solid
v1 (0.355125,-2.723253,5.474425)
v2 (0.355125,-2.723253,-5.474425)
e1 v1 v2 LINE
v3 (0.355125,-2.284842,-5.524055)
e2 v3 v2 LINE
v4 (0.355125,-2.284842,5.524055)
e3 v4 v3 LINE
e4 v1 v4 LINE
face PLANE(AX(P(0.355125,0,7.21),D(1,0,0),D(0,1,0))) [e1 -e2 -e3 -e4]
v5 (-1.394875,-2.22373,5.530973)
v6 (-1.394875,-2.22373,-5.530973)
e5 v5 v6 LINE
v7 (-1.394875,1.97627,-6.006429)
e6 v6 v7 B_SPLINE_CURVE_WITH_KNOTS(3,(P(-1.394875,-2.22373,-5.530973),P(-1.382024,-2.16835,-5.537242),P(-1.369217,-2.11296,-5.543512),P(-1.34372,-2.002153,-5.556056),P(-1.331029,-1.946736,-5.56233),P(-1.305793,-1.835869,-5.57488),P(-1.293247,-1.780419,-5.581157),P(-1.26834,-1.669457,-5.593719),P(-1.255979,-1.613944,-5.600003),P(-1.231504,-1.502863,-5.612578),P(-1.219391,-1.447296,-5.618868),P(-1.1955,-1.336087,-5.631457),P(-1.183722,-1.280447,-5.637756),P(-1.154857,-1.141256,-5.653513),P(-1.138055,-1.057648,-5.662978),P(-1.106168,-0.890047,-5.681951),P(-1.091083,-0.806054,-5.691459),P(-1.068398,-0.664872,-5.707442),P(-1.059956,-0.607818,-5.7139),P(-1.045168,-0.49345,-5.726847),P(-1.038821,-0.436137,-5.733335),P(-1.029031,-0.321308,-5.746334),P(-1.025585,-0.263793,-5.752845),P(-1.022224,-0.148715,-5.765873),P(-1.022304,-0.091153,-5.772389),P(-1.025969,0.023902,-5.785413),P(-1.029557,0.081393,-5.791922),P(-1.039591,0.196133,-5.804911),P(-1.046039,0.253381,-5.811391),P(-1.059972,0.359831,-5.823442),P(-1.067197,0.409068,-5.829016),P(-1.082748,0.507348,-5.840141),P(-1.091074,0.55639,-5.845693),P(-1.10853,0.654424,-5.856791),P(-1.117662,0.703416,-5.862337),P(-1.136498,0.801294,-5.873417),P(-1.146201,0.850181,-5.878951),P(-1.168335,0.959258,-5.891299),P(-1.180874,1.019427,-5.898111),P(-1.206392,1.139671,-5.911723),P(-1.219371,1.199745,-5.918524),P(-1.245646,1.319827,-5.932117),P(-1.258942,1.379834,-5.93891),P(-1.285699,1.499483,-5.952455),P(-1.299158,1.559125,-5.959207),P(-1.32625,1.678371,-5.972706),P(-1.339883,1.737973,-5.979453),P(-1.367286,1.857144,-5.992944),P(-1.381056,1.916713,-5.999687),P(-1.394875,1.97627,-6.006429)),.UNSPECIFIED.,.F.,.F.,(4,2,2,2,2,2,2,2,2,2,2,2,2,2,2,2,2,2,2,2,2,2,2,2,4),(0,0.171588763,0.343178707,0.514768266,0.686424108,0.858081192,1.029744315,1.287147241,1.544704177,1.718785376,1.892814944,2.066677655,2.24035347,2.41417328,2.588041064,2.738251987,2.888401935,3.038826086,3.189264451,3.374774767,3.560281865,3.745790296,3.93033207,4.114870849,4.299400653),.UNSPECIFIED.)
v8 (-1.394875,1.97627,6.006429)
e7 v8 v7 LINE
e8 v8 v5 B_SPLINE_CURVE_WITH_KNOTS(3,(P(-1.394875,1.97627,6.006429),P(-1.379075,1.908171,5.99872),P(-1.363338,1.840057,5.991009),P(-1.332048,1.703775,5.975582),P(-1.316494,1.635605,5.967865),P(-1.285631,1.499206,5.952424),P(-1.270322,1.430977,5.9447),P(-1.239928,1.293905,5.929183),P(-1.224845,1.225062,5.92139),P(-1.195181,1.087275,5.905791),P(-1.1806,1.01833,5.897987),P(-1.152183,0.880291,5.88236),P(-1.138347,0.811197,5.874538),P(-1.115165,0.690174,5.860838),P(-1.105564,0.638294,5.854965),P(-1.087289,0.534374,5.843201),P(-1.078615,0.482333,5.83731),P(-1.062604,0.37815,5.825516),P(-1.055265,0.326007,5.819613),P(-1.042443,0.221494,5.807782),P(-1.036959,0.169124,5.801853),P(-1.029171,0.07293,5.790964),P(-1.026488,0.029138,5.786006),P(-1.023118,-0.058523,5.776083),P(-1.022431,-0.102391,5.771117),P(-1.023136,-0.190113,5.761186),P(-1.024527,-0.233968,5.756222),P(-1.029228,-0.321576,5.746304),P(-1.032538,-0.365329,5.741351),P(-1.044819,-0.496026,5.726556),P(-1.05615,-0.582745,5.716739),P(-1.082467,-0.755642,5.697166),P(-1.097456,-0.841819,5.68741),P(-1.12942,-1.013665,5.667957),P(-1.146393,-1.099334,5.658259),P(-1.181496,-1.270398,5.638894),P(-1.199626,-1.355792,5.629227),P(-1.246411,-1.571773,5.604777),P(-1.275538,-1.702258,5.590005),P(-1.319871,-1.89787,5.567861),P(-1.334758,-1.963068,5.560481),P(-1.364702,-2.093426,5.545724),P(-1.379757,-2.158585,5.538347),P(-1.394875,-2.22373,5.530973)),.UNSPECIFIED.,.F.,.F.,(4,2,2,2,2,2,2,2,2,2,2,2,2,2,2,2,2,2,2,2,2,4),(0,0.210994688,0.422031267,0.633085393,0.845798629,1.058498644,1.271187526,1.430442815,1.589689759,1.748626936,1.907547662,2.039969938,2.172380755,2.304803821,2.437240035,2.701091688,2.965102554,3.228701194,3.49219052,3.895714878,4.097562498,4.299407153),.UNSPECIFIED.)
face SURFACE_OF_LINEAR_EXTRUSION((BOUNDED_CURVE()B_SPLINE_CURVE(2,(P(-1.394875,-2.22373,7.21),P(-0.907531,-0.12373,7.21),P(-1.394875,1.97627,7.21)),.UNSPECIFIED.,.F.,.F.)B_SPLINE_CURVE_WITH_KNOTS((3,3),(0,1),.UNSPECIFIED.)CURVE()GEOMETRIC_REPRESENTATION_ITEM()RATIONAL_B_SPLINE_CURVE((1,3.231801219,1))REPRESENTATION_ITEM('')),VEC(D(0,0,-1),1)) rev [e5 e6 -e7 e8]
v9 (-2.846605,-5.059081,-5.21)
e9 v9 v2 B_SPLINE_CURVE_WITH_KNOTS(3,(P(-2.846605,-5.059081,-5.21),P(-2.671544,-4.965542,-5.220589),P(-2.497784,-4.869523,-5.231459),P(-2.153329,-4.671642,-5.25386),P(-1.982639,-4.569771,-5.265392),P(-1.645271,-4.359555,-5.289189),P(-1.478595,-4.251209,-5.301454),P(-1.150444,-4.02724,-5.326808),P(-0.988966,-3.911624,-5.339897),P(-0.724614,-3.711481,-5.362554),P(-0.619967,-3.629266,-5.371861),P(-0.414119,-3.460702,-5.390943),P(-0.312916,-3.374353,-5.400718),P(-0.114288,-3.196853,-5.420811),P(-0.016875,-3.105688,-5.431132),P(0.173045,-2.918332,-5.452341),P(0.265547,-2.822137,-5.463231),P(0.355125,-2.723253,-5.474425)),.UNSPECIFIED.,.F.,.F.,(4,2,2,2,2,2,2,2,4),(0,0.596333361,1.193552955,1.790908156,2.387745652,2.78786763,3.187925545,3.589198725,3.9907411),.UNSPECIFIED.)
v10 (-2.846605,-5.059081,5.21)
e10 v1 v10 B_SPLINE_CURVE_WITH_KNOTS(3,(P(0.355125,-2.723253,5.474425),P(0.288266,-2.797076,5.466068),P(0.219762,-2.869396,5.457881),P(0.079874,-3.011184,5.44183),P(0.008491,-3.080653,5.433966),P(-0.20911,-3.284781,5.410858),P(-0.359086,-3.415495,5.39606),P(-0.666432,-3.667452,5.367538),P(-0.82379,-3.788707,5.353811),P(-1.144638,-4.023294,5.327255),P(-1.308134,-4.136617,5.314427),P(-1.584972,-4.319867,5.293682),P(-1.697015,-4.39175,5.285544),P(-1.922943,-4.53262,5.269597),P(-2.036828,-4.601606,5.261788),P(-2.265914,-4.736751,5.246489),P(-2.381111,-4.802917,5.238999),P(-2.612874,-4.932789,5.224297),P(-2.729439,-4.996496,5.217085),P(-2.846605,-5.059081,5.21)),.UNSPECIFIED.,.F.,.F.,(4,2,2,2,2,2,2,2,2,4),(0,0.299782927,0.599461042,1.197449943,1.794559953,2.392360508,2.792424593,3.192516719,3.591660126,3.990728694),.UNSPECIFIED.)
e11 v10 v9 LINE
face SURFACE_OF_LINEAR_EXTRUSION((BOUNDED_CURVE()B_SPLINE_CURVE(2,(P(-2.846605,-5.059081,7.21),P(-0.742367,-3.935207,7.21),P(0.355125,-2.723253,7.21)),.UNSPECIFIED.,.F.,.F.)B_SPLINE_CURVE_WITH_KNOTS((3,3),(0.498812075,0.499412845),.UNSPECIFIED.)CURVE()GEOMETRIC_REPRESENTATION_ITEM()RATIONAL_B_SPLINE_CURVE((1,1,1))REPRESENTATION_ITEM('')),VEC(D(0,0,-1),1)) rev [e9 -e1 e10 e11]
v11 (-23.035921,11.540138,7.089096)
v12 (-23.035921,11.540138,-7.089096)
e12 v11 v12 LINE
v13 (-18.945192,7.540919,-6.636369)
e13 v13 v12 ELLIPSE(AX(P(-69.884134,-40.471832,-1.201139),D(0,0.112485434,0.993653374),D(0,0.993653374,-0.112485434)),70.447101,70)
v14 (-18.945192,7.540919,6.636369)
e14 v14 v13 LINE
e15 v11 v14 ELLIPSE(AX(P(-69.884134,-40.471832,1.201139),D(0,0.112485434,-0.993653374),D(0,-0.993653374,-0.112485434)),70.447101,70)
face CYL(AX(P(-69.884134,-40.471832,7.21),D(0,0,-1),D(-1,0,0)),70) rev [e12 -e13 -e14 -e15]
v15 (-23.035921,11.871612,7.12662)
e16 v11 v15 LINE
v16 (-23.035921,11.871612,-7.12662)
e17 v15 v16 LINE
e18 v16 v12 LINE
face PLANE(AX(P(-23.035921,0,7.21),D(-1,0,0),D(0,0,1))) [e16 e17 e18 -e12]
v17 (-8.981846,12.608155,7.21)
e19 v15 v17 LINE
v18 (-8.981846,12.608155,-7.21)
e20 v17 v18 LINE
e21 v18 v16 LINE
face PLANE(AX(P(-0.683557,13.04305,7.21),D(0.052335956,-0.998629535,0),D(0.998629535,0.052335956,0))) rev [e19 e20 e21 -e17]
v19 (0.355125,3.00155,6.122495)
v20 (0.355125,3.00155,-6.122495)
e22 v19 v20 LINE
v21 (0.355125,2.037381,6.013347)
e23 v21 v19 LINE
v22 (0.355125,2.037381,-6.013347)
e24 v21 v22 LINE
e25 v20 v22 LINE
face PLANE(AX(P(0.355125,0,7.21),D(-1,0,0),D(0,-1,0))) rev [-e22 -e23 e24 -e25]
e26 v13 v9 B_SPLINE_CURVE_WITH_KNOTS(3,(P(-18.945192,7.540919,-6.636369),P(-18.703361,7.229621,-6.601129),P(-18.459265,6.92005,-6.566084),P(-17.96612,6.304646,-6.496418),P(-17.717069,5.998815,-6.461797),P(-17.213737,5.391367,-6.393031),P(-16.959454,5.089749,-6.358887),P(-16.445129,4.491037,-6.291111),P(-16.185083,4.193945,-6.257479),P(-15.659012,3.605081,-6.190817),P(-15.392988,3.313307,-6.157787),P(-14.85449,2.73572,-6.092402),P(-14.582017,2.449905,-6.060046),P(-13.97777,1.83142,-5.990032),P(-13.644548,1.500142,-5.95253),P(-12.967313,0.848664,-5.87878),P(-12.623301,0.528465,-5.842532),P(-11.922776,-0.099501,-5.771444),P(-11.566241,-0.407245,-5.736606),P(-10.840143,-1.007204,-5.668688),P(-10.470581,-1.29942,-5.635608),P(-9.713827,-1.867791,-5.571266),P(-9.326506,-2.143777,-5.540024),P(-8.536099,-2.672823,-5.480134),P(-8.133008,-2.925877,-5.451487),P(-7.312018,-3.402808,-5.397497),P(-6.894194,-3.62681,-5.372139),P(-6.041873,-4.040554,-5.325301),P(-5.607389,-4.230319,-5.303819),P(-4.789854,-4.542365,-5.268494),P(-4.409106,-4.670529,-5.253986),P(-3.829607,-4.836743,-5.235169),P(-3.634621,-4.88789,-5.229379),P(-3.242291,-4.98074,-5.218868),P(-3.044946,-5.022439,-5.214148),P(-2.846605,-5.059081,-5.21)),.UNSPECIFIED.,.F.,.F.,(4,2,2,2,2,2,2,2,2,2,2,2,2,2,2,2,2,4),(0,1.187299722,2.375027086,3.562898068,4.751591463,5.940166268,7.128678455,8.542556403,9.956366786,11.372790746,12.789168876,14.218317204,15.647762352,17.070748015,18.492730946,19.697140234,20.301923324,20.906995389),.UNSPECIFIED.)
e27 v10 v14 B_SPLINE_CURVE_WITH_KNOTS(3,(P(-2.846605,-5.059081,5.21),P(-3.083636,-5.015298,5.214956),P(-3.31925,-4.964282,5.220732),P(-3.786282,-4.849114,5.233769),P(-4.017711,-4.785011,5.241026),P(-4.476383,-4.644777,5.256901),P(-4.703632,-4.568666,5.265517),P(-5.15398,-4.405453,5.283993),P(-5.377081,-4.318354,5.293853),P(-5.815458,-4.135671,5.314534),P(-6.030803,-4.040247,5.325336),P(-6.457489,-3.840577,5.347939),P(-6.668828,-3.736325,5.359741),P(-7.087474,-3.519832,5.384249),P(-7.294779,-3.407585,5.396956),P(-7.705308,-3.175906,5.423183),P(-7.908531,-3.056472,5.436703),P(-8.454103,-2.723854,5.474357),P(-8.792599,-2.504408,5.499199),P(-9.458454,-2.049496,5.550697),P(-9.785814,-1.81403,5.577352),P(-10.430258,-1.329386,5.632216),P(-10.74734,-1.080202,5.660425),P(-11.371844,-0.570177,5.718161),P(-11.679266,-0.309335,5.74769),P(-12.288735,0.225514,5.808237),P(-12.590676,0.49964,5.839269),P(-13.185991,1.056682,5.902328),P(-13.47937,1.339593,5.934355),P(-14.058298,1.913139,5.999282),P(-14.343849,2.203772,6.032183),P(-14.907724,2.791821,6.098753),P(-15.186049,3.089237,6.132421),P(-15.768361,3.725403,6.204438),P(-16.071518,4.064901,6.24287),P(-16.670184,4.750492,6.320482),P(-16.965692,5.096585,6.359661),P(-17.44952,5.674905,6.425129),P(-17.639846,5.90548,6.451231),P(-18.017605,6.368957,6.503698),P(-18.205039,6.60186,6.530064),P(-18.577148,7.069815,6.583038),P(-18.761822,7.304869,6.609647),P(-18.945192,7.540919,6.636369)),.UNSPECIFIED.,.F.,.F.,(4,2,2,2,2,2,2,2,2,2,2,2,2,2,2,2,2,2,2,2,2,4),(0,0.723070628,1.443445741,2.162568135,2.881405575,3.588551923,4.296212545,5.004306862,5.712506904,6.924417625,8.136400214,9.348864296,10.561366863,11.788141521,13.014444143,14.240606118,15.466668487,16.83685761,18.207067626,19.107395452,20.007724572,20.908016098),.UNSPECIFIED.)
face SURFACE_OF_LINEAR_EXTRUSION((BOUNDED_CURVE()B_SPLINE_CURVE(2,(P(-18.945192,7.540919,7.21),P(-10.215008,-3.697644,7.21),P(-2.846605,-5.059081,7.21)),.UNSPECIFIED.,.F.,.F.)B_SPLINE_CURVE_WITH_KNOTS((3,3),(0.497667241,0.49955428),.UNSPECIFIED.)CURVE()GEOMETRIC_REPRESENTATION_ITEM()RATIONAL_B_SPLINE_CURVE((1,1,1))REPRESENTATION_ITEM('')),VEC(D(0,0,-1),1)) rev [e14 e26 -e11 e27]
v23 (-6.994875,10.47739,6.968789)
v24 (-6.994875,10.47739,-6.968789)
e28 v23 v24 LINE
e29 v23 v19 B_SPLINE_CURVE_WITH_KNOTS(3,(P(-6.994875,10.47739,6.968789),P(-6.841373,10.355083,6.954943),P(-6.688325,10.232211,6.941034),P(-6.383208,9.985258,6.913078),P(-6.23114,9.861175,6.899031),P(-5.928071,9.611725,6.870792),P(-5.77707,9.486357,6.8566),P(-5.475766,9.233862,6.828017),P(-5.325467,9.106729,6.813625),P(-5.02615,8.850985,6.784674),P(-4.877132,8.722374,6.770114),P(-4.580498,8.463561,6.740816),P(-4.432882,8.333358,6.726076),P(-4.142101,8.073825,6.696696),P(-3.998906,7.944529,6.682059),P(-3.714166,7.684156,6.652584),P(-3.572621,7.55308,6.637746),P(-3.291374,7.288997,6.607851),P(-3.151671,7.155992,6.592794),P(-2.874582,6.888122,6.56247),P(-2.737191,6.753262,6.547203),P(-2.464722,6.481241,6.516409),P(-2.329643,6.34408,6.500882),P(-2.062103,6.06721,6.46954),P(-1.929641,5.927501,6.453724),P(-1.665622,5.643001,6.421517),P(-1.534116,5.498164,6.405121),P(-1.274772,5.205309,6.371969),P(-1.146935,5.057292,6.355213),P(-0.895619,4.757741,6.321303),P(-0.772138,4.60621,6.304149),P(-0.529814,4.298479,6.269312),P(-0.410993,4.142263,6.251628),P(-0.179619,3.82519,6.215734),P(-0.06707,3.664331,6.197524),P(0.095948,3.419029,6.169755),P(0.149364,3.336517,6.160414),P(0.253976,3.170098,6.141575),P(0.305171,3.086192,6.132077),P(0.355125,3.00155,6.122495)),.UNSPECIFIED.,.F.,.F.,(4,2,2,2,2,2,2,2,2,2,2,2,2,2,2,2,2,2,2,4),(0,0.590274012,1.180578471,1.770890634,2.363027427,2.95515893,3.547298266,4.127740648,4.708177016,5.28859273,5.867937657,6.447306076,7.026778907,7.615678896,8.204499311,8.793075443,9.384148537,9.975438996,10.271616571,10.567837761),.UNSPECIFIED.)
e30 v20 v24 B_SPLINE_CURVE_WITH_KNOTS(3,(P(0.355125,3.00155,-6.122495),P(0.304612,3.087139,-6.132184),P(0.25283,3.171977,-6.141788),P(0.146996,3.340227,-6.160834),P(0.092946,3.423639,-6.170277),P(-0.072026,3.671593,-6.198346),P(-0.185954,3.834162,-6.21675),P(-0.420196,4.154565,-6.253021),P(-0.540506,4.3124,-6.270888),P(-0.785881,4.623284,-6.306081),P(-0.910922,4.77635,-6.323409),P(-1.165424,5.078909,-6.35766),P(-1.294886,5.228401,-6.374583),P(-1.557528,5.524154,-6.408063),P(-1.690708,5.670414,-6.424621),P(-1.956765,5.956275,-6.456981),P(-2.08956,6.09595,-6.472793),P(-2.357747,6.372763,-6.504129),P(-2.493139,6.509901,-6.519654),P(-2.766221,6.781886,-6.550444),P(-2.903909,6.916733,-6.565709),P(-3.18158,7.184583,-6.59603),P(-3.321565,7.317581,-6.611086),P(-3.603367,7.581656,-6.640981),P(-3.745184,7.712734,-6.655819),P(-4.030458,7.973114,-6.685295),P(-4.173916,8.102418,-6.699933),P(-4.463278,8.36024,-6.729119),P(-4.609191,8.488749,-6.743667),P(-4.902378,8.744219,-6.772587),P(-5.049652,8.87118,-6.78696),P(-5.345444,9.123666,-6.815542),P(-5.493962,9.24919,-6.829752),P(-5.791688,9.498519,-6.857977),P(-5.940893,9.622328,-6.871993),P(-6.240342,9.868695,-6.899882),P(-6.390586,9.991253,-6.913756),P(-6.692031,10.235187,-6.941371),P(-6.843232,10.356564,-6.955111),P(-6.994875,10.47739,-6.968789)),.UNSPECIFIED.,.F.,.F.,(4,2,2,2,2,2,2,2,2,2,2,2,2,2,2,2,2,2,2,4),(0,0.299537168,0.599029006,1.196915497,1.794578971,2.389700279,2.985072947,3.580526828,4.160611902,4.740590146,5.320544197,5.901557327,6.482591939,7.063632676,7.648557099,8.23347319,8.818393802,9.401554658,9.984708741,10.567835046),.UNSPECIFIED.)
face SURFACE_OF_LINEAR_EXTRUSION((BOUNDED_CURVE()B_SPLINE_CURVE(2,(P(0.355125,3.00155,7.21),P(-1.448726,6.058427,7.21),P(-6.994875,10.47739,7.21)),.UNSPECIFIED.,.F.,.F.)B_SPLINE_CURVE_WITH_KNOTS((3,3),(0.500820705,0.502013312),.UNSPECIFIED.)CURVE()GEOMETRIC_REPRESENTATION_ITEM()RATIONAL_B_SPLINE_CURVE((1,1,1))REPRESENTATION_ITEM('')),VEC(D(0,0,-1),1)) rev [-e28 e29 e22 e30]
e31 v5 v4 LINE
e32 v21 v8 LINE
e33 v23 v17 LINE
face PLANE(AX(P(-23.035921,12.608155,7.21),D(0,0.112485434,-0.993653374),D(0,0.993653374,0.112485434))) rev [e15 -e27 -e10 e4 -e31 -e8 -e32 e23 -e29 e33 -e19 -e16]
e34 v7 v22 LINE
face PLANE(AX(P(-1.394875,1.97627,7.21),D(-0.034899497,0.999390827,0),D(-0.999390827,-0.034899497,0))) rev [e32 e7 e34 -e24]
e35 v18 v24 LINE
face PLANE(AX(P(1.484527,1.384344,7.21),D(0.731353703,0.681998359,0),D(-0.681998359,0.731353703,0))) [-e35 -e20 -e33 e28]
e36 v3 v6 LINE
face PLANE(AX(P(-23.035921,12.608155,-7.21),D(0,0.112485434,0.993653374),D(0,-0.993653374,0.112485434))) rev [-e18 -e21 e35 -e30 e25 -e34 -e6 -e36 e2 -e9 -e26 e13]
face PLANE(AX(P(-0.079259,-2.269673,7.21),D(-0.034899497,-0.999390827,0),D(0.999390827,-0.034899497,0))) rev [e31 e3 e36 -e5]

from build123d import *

# Parameters (mm, degrees)
SALIENTE_EXTRUIR1_DEPTH      = 7.21
SALIENTE_EXTRUIR2_DEPTH      = 7.21
SALIENTE_EXTRUIR2_DEPTH_BACK = 7.21
CORTAR_EXTRUIR2_DEPTH        = 28.232395202
CORTAR_EXTRUIR2_DEPTH_BACK   = 28.232395202


with BuildPart() as part:
    # Croquis1 → Saliente-Extruir1 (new, symmetric)
    with BuildSketch(Plane.XY):
        with BuildLine():
            add(Edge.make_bspline(
                [(-18.945192114, 7.540918896), (-10.215008384, -3.697644103), (-2.846604825, -5.059081104)],
                knots=[0.497667241, 0.497667241, 0.497667241, 0.49955428, 0.49955428, 0.49955428], degree=2, weights=[1, 1, 1]))
            add(Edge.make_bspline(
                [(-2.846604825, -5.059081104), (-0.742366882, -3.9352066), (0.355125, -2.723253227)],
                knots=[0.498812075, 0.498812075, 0.498812075, 0.499412845, 0.499412845, 0.499412845], degree=2, weights=[1, 1, 1]))
            Line((0.355125, -2.723253227), (0.355125, -2.284841781))
            Line((0.355125, -2.284841781), (-1.394875, -2.223730435))
            add(Edge.make_bspline(
                [(-1.394875, -2.223730435), (-0.90753067, -0.123730435), (-1.394875, 1.976269565)],
                knots=[0, 0, 0, 1, 1, 1], degree=2, weights=[1, 3.231801219, 1]))
            Line((-1.394875, 1.976269565), (0.355125, 2.284841781))
            Line((0.355125, 2.284841781), (0.355125, 3.001549529))
            add(Edge.make_bspline(
                [(0.355125, 3.001549529), (-1.44872627, 6.058427314), (-6.994875026, 10.477389992)],
                knots=[0.500820705, 0.500820705, 0.500820705, 0.502013312, 0.502013312, 0.502013312], degree=2, weights=[1, 1, 1]))
            Line((-6.994875026, 10.477389992), (-8.981845695, 12.608155172))
            Line((-8.981845695, 12.608155172), (-23.035921146, 11.871612288))
            Line((-23.035921146, 11.871612288), (-23.035921146, 11.54013782))
            ThreePointArc((-23.035921146, 11.54013782), (-20.949684518, 9.582335705), (-18.945192114, 7.540918896))
        make_face()
    extrude(amount=SALIENTE_EXTRUIR1_DEPTH, both=True)

    # Croquis4 → Saliente-Extruir2 (add, two sides: drawn at the far end of the back side and taken through both)
    with BuildSketch(Plane.XY.offset(-SALIENTE_EXTRUIR2_DEPTH_BACK)):
        Polygon((-1.394875, 1.976269565), (0.355125, 2.284841781), (0.355125, 2.037380912), align=None)
    extrude(amount=SALIENTE_EXTRUIR2_DEPTH + SALIENTE_EXTRUIR2_DEPTH_BACK)

    # Croquis6 → Cortar-Extruir2 (cut, two sides: drawn at the far end of the back side and taken through both)
    with BuildSketch(Plane(origin=(0, 0, 0), x_dir=(0, 0, -1), z_dir=(1, 0, 0)).offset(-CORTAR_EXTRUIR2_DEPTH_BACK)):
        Polygon((7.21, 12.608155172), (7.21, -5.059081104), (5.21, -5.059081104), align=None)
        Polygon((-7.21, 12.608155172), (-7.21, -5.059081104), (-5.21, -5.059081104), align=None)
    extrude(amount=CORTAR_EXTRUIR2_DEPTH + CORTAR_EXTRUIR2_DEPTH_BACK, mode=Mode.SUBTRACT)


solid = part.part
